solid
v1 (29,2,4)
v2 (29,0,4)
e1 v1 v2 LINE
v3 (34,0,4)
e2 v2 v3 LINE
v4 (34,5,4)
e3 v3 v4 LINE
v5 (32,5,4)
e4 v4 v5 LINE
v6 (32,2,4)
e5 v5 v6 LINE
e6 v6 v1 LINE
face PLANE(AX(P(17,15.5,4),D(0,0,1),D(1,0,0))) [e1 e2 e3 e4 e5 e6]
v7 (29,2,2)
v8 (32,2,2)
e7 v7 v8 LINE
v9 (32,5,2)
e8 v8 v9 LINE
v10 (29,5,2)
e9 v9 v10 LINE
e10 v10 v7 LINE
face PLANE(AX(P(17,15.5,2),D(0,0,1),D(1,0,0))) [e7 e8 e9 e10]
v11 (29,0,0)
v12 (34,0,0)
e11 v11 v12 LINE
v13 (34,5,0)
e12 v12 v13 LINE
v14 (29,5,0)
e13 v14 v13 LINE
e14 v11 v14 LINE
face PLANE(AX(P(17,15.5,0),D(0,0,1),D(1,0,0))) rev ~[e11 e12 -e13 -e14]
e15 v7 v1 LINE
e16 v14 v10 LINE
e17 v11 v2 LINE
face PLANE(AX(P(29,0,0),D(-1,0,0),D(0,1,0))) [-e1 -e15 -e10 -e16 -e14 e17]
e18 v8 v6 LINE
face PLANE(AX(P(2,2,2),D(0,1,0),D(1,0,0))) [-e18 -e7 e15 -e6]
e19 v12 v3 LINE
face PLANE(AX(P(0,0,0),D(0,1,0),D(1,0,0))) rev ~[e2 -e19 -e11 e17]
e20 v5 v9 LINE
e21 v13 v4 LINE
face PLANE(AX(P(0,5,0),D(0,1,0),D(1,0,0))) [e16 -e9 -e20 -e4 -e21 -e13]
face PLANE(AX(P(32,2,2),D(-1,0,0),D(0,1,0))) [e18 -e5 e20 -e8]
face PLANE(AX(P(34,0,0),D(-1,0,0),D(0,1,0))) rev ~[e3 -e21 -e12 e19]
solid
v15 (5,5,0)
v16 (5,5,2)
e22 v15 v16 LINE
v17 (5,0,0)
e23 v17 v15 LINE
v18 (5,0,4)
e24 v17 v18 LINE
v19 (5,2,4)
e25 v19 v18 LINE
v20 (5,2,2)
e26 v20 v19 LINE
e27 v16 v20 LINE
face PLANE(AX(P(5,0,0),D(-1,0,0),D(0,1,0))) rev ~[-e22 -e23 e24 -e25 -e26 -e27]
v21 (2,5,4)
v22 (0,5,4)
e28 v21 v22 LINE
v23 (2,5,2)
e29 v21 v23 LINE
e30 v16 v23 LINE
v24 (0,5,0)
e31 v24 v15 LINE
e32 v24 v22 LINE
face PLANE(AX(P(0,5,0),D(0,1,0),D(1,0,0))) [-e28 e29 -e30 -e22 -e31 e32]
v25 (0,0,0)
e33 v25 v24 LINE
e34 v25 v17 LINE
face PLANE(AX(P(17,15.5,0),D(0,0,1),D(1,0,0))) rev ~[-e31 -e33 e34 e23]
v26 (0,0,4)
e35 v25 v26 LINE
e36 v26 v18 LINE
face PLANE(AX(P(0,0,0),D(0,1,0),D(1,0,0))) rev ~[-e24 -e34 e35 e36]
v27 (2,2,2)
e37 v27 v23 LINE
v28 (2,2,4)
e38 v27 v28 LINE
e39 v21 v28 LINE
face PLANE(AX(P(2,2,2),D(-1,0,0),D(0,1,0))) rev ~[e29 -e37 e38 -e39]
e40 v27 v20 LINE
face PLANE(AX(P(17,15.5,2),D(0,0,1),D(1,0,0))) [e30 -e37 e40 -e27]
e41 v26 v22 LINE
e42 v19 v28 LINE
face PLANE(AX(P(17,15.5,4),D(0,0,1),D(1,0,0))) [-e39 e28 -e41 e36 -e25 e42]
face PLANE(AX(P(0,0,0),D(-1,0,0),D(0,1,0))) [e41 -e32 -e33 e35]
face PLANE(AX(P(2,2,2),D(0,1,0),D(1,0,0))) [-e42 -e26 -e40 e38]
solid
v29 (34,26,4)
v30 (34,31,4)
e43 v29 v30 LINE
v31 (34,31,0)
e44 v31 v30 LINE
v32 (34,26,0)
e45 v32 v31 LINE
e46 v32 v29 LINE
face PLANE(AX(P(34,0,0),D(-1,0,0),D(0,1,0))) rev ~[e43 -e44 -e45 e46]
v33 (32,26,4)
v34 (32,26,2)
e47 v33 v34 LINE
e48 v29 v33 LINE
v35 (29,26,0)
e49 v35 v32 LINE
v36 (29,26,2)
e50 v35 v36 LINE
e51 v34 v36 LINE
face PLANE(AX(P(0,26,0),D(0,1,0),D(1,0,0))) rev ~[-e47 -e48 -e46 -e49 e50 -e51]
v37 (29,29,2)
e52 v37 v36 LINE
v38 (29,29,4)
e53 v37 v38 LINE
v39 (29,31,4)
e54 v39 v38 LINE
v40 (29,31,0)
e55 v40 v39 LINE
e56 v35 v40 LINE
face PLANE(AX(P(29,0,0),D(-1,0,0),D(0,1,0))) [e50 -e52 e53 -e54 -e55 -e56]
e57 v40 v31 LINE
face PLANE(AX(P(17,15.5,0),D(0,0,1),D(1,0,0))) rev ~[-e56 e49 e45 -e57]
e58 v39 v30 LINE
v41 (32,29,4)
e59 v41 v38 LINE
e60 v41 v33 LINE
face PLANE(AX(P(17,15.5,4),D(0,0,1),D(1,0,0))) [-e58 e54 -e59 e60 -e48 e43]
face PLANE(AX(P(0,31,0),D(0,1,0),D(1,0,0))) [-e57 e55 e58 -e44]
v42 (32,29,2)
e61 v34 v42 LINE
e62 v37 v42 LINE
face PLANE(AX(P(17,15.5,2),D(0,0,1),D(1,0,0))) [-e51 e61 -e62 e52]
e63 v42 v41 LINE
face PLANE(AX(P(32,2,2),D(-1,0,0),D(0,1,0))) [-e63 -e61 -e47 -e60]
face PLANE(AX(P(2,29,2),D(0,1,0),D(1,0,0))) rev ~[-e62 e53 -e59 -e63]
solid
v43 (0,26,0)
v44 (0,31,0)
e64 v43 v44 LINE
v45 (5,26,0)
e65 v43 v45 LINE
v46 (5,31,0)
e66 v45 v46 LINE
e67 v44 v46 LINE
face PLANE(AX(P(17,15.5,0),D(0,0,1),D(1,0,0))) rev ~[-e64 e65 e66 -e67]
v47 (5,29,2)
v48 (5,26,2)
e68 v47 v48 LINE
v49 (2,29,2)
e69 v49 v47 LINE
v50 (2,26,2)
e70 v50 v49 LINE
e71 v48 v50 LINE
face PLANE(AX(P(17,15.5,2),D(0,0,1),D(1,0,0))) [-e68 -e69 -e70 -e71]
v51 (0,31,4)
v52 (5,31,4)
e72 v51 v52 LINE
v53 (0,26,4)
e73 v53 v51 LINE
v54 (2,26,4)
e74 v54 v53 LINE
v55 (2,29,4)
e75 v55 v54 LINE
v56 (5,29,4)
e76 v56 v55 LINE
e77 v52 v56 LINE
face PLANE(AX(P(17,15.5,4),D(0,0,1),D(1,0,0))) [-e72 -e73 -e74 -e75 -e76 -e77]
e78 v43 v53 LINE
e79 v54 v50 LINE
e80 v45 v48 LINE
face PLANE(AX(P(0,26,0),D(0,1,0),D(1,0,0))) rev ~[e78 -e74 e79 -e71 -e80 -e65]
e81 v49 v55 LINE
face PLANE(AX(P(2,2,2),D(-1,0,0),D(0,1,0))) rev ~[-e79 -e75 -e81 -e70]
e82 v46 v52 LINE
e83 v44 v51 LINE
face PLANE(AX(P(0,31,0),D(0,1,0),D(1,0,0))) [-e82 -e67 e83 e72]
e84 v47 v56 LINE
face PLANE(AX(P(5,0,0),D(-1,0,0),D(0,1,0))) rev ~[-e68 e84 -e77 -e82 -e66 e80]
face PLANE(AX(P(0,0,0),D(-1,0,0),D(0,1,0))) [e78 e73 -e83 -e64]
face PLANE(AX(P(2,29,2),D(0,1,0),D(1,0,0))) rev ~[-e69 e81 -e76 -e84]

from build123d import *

# Parameters (mm, degrees)
BOX003_W     = 24
BOX003_H     = 31
BOX003_DEPTH = 10
BOX002_W     = 34
BOX002_H     = 21
BOX002_DEPTH = 10
BOX_W        = 30
BOX_H        = 27
BOX_DEPTH    = 3
BOX001_W     = 34
BOX001_H     = 31
BOX001_DEPTH = 4


with BuildPart() as cube002:
    # Box003 → Box003 (new body)
    with BuildSketch(Plane(origin=(5, 0, 0), x_dir=(1, 0, 0), z_dir=(0, 0, 1))):
        with Locations((12, 15.5)):
            Rectangle(BOX003_W, BOX003_H)
    extrude(amount=BOX003_DEPTH)


with BuildPart() as cube001:
    # Box002 → Box002 (new body)
    with BuildSketch(Plane(origin=(0, 5, 0), x_dir=(1, 0, 0), z_dir=(0, 0, 1))):
        with Locations((17, 10.5)):
            Rectangle(BOX002_W, BOX002_H)
    extrude(amount=BOX002_DEPTH)


with BuildPart() as expansionmodule:
    # Box → Box (new body)
    with BuildSketch(Plane(origin=(2, 2, 2), x_dir=(1, 0, 0), z_dir=(0, 0, 1))):
        with Locations((15, 13.5)):
            Rectangle(BOX_W, BOX_H)
    extrude(amount=BOX_DEPTH)


with BuildPart() as cut002:
    # Box001 → Box001 (new body)
    with BuildSketch(Plane.XY):
        with Locations((17, 15.5)):
            Rectangle(BOX001_W, BOX001_H)
    extrude(amount=BOX001_DEPTH)

    # Cut: cut Expansionmodule
    add(expansionmodule.part, mode=Mode.SUBTRACT)

    # Cut001: cut Cube001
    add(cube001.part, mode=Mode.SUBTRACT)

    # Cut002: cut Cube002
    add(cube002.part, mode=Mode.SUBTRACT)


solid = cut002.part
